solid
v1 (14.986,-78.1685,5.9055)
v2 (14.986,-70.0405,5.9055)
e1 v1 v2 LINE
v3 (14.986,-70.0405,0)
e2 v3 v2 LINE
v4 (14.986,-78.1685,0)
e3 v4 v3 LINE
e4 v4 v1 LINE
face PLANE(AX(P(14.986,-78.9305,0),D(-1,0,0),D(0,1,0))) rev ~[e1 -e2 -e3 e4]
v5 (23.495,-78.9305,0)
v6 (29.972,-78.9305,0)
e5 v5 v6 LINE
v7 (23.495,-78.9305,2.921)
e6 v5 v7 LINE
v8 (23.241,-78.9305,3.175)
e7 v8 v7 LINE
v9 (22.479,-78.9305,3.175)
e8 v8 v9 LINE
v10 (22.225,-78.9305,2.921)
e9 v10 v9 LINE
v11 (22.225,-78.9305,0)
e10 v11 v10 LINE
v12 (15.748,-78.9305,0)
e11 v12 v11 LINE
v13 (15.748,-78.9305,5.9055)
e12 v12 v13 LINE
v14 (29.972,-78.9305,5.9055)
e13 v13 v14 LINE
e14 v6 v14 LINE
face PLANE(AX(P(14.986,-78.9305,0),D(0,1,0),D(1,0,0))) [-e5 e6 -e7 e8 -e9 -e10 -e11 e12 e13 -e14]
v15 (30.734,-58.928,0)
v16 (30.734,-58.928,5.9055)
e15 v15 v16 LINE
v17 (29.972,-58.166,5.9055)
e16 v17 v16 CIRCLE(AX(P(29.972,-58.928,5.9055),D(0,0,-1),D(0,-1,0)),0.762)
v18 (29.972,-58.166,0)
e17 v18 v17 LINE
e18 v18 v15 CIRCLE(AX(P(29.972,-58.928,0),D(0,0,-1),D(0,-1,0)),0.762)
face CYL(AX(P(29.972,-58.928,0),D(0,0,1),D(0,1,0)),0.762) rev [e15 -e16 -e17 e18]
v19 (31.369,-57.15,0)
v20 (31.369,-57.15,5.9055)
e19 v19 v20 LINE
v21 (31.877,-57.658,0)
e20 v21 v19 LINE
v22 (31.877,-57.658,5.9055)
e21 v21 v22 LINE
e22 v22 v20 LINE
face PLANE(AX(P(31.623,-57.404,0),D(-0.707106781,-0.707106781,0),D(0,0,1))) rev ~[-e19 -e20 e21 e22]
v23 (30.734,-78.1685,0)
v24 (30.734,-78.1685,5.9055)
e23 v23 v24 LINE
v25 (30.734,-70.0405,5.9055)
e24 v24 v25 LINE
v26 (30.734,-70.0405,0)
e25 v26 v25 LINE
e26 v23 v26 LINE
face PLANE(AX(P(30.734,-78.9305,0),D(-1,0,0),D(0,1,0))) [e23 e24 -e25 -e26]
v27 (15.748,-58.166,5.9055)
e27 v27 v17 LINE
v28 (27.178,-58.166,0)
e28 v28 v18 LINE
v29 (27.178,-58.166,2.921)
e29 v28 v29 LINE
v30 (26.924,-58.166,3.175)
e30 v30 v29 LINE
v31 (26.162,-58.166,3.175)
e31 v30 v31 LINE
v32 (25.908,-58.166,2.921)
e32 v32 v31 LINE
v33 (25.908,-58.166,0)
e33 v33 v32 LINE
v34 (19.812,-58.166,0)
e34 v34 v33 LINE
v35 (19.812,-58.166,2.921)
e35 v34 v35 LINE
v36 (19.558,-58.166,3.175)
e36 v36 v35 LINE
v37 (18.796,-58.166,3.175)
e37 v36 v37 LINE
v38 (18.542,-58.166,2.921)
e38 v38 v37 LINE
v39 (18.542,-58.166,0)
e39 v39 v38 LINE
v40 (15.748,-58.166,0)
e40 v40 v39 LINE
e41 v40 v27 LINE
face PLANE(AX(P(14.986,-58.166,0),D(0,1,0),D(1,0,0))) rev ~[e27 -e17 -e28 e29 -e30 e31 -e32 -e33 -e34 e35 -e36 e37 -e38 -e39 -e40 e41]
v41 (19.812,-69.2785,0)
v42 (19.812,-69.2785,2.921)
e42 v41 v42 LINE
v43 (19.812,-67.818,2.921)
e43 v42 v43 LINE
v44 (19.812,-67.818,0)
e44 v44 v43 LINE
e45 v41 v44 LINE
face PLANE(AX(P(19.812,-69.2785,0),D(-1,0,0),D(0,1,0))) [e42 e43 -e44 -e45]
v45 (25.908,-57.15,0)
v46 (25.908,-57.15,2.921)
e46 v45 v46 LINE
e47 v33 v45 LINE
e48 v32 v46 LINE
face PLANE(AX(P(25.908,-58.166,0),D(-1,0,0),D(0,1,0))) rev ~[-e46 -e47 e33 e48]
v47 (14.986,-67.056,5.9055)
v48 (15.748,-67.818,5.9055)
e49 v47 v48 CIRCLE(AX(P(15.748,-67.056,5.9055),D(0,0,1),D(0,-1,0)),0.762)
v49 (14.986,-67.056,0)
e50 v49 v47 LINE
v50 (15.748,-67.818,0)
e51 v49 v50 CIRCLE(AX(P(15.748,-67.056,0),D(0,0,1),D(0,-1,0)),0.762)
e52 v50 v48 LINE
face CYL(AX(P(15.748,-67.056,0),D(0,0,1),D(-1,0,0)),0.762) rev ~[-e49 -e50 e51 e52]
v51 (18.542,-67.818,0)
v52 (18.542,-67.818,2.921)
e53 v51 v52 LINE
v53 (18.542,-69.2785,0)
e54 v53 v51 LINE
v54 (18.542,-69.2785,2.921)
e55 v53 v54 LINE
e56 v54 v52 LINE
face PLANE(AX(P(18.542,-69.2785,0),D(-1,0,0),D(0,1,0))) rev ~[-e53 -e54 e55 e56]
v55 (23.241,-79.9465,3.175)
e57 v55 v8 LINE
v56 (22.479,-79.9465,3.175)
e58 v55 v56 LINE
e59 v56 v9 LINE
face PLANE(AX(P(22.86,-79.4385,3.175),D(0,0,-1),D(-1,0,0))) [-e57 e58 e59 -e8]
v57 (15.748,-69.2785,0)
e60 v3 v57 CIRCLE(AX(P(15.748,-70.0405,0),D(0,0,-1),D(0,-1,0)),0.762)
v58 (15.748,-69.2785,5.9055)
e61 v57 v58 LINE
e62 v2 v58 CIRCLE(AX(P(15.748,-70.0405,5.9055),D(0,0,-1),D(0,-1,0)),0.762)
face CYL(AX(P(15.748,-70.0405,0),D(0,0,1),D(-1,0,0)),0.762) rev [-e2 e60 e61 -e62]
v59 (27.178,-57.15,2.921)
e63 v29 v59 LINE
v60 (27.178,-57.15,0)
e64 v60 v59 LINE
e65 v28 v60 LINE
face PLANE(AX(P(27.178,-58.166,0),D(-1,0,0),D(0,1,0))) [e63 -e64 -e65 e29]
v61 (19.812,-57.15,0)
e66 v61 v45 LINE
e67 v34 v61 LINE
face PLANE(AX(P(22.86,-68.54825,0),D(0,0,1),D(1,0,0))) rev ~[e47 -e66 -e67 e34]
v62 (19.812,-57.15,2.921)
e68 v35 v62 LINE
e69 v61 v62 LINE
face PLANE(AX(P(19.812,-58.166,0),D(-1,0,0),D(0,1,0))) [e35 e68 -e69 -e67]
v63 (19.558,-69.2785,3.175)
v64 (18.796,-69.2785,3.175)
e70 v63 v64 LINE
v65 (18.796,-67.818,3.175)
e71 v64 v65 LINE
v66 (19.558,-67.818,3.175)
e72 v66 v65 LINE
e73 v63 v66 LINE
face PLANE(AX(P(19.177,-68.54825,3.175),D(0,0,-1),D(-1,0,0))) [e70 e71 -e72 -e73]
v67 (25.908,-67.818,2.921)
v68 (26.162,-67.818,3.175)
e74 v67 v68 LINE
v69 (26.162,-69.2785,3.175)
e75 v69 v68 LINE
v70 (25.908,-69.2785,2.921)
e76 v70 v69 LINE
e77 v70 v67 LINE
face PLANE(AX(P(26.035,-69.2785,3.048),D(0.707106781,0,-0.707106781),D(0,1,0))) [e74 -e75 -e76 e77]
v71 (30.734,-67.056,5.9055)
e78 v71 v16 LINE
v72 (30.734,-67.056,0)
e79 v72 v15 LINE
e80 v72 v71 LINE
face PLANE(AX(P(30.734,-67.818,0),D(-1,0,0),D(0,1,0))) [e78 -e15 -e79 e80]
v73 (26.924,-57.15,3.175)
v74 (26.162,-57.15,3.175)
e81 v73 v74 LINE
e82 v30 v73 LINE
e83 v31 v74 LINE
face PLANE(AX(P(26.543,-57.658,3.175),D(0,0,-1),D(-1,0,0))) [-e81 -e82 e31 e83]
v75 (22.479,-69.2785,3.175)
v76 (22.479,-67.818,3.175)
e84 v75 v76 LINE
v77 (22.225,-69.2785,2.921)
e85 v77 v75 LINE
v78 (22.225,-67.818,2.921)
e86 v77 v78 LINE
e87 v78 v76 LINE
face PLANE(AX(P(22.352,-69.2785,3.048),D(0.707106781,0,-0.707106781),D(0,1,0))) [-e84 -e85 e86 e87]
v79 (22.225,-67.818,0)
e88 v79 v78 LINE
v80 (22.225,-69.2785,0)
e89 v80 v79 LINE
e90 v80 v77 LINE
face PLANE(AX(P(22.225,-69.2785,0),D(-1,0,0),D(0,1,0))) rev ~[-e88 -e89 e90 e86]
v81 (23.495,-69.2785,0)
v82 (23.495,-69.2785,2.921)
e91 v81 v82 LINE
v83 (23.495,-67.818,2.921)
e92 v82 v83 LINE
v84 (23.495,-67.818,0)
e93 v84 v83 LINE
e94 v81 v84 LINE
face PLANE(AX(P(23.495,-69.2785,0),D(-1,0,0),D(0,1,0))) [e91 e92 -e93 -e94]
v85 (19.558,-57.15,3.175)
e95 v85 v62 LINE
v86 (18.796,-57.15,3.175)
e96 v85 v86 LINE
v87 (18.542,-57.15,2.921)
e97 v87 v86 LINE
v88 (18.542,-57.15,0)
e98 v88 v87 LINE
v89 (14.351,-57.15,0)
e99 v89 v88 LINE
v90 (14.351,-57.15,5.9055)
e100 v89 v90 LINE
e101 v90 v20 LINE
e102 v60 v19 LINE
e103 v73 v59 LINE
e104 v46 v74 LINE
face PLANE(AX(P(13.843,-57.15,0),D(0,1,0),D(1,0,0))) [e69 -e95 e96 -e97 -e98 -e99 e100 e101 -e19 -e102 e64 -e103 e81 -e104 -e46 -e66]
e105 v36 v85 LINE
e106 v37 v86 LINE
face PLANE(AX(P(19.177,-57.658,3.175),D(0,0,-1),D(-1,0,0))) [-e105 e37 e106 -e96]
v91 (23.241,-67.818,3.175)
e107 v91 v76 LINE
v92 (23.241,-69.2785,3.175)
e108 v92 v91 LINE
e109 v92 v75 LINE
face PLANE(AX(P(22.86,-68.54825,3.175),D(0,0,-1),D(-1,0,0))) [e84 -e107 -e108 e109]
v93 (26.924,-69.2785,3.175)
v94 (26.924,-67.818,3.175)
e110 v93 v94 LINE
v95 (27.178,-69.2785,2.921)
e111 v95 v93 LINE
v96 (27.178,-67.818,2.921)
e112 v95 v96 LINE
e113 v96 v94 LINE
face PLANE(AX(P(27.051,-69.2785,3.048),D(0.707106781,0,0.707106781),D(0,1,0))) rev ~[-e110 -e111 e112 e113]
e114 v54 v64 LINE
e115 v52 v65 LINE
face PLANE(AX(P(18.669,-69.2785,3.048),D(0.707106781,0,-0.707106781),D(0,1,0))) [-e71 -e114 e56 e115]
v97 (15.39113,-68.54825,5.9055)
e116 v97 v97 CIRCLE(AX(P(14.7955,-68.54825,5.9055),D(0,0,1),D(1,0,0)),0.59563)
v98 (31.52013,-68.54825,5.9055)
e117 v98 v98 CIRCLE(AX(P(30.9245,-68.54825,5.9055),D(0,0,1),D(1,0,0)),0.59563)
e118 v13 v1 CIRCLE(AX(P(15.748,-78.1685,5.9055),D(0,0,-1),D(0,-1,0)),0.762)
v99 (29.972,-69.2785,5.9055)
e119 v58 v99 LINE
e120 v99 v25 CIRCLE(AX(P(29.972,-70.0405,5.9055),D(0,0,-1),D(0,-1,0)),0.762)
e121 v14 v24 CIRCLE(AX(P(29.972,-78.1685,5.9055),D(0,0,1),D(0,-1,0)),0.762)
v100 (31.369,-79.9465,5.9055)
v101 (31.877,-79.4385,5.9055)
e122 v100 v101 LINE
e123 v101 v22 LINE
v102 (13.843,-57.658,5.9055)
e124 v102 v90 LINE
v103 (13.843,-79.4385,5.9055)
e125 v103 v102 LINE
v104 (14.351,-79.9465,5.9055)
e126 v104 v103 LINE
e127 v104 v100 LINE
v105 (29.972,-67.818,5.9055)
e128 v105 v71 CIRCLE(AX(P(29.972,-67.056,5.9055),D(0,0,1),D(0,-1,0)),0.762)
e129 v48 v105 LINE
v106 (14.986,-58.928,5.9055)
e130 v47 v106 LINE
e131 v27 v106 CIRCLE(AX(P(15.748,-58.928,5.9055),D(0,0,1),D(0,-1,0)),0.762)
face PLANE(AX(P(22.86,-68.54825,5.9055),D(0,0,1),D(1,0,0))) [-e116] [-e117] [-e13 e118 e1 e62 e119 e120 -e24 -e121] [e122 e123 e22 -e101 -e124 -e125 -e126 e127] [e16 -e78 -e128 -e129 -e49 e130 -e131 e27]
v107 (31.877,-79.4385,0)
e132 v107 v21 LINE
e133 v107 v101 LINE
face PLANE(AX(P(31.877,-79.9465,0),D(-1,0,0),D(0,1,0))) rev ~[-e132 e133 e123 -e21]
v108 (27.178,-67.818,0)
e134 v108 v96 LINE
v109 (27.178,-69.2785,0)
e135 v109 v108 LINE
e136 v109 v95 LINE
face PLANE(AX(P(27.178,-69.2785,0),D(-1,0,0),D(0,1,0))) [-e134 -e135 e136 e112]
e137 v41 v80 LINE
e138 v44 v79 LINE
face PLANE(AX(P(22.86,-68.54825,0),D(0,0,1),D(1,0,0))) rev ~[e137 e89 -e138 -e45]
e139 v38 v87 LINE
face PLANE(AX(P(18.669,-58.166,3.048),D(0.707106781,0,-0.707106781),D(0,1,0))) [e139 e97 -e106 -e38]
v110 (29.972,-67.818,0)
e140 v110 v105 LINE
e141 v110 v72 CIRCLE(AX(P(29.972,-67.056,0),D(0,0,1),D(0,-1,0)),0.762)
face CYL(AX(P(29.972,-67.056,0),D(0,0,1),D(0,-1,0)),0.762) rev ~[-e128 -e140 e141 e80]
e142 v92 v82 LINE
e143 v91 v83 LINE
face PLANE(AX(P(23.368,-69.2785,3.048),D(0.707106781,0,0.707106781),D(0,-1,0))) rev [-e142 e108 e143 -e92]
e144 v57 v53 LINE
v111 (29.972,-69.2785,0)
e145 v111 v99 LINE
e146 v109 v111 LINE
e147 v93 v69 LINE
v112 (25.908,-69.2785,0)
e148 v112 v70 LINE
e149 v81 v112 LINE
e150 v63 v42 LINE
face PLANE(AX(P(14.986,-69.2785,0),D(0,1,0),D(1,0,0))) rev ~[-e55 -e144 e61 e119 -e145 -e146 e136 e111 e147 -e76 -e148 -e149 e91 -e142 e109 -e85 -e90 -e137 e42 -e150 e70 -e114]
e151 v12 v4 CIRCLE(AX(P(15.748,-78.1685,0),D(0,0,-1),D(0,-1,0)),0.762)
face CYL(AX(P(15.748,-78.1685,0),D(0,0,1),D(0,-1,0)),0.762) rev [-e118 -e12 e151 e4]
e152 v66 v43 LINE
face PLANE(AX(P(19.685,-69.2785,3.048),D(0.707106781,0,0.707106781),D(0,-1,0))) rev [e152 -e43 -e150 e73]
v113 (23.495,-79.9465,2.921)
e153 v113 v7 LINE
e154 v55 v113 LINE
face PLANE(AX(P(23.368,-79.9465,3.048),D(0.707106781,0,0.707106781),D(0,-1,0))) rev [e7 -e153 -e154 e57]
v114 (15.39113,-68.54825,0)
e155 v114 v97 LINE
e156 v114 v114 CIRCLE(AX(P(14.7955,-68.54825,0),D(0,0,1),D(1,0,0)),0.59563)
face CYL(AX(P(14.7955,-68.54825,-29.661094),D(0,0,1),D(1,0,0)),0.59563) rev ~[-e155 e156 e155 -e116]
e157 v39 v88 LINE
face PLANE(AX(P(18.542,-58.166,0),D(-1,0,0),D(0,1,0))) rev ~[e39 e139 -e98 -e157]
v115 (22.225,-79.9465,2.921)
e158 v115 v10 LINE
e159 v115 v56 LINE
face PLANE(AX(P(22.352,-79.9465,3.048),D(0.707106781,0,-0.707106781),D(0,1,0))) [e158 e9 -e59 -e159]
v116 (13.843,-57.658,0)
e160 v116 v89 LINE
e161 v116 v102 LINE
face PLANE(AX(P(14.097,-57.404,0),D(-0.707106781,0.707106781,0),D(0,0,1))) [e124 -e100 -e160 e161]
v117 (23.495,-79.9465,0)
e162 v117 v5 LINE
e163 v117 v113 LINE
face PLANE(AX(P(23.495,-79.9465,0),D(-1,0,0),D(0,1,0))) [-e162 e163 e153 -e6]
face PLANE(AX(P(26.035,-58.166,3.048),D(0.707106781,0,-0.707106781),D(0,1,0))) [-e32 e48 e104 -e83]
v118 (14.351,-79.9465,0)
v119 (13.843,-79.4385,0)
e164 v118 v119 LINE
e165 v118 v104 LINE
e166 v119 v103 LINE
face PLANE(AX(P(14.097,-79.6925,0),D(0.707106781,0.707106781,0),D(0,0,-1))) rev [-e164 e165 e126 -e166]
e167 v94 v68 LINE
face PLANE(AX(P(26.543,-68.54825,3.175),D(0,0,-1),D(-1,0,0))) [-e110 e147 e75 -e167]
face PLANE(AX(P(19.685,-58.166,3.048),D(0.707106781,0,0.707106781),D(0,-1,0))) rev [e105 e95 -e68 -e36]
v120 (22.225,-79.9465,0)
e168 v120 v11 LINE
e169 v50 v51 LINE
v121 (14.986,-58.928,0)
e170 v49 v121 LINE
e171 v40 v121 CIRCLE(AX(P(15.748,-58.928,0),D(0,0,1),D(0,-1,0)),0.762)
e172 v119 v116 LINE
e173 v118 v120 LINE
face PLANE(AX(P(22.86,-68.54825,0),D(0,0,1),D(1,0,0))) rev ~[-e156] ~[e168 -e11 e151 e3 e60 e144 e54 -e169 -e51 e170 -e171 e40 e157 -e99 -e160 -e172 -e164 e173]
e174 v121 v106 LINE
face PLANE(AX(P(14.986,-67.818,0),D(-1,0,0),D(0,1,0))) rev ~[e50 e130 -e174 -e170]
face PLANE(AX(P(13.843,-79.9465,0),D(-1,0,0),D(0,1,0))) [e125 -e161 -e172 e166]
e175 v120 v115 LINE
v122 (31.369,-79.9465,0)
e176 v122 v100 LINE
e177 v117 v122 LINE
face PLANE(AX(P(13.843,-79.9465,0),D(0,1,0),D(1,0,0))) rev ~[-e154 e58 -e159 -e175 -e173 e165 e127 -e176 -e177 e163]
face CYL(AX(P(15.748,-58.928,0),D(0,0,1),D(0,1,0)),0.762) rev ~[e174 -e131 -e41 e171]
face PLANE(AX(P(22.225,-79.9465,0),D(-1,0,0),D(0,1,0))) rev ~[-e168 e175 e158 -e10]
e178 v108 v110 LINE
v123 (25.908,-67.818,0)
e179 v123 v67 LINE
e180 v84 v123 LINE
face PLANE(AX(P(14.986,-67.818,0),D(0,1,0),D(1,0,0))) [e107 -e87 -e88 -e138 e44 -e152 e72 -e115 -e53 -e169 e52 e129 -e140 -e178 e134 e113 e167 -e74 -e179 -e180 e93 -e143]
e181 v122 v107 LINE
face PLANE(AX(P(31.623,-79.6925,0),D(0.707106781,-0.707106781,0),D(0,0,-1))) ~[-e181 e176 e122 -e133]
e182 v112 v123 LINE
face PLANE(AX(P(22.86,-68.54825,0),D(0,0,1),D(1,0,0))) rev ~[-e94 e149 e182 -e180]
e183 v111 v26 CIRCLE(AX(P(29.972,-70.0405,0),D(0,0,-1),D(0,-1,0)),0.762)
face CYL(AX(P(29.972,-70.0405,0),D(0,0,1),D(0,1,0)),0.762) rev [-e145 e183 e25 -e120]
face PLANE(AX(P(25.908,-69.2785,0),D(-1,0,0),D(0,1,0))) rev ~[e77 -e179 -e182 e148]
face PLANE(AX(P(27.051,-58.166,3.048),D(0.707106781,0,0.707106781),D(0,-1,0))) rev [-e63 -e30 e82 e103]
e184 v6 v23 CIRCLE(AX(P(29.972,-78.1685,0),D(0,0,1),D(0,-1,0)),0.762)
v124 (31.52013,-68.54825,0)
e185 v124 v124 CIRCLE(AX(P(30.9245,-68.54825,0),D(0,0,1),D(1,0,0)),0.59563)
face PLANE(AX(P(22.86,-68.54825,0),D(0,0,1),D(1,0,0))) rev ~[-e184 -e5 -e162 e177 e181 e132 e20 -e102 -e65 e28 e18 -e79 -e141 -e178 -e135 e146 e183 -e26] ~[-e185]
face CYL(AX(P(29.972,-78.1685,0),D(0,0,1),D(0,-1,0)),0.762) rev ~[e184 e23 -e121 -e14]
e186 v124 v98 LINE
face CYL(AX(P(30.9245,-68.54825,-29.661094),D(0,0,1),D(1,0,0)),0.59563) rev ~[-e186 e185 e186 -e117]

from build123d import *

# Parameters (mm, degrees)
SKETCH1_W               = 18.034
SKETCH1_H               = 22.7965
SKETCH1_W_2             = 15.748
SKETCH1_H_2             = 9.652
BOSS_EXTRUDE1_DEPTH     = 5.9055
SKETCH2_W               = 1.27
SKETCH2_H               = 1.016
SKETCH2_H_2             = 1.4605
CUT_EXTRUDE_THIN2_DEPTH = 3.175
CHAMFER1_SIZE           = 0.254
CHAMFER2_SIZE           = 0.508
FILLET1_R               = 0.762
F_0_80_TAPPED_HOLE1_D   = 1.19126


with BuildPart() as part:
    # Sketch1 → Boss-Extrude1 (new body)
    with BuildSketch(Plane.XY):
        with Locations((22.86, -68.54825)):
            Rectangle(SKETCH1_W, SKETCH1_H)
        with Locations((22.86, -62.992)):
            Rectangle(SKETCH1_W_2, SKETCH1_H_2, mode=Mode.SUBTRACT)
        with Locations((22.86, -74.1045)):
            Rectangle(SKETCH1_W_2, SKETCH1_H_2, mode=Mode.SUBTRACT)
    extrude(amount=BOSS_EXTRUDE1_DEPTH)

    # Sketch2 → Cut-Extrude-Thin2 (cut)
    with BuildSketch(Plane(origin=(0, 0, 0), x_dir=(-1, 0, 0), z_dir=(0, 0, -1))):
        with Locations((-22.86, -79.4385)):
            Rectangle(SKETCH2_W, SKETCH2_H)
        with Locations((-19.177, -57.658)):
            Rectangle(SKETCH2_W, SKETCH2_H)
        with Locations((-26.543, -57.658)):
            Rectangle(SKETCH2_W, SKETCH2_H)
        with Locations((-22.86, -68.54825)):
            Rectangle(SKETCH2_W, SKETCH2_H_2)
        with Locations((-19.177, -68.54825)):
            Rectangle(SKETCH2_W, SKETCH2_H_2)
        with Locations((-26.543, -68.54825)):
            Rectangle(SKETCH2_W, SKETCH2_H_2)
    extrude(amount=-CUT_EXTRUDE_THIN2_DEPTH, mode=Mode.SUBTRACT)

    # Chamfer1
    chamfer1_edges = [part.edges().sort_by_distance(p)[0] for p in [
        (22.225, -68.54825, 3.175),
        (23.495, -68.54825, 3.175),
        (25.908, -68.54825, 3.175),
        (27.178, -68.54825, 3.175),
        (23.495, -79.4385, 3.175),
        (22.225, -79.4385, 3.175),
        (19.812, -57.658, 3.175),
        (18.542, -57.658, 3.175),
        (27.178, -57.658, 3.175),
        (25.908, -57.658, 3.175),
        (18.542, -68.54825, 3.175),
        (19.812, -68.54825, 3.175),
    ]]
    chamfer(chamfer1_edges, length=CHAMFER1_SIZE)

    # Chamfer2
    chamfer2_edges = [part.edges().sort_by_distance(p)[0] for p in [
        (31.877, -57.15, 2.95275),
        (31.877, -79.9465, 2.95275),
        (13.843, -79.9465, 2.95275),
        (13.843, -57.15, 2.95275),
    ]]
    chamfer(chamfer2_edges, length=CHAMFER2_SIZE)

    # Fillet1
    fillet1_edges = [part.edges().sort_by_distance(p)[0] for p in [
        (30.734, -67.818, 2.95275),
        (30.734, -58.166, 2.95275),
        (14.986, -78.9305, 2.95275),
        (30.734, -78.9305, 2.95275),
        (14.986, -58.166, 2.95275),
        (14.986, -67.818, 2.95275),
        (30.734, -69.2785, 2.95275),
        (14.986, -69.2785, 2.95275),
    ]]
    fillet(fillet1_edges, radius=FILLET1_R)

    # #0-80 Tapped Hole1 (through all)
    with Locations(Plane(origin=(0, 0, 0), x_dir=(-1, 0, 0), z_dir=(0, 0, -1))):
        with Locations((-30.9245, -68.54825), (-14.7955, -68.54825)):
            Hole(F_0_80_TAPPED_HOLE1_D / 2)


solid = part.part
